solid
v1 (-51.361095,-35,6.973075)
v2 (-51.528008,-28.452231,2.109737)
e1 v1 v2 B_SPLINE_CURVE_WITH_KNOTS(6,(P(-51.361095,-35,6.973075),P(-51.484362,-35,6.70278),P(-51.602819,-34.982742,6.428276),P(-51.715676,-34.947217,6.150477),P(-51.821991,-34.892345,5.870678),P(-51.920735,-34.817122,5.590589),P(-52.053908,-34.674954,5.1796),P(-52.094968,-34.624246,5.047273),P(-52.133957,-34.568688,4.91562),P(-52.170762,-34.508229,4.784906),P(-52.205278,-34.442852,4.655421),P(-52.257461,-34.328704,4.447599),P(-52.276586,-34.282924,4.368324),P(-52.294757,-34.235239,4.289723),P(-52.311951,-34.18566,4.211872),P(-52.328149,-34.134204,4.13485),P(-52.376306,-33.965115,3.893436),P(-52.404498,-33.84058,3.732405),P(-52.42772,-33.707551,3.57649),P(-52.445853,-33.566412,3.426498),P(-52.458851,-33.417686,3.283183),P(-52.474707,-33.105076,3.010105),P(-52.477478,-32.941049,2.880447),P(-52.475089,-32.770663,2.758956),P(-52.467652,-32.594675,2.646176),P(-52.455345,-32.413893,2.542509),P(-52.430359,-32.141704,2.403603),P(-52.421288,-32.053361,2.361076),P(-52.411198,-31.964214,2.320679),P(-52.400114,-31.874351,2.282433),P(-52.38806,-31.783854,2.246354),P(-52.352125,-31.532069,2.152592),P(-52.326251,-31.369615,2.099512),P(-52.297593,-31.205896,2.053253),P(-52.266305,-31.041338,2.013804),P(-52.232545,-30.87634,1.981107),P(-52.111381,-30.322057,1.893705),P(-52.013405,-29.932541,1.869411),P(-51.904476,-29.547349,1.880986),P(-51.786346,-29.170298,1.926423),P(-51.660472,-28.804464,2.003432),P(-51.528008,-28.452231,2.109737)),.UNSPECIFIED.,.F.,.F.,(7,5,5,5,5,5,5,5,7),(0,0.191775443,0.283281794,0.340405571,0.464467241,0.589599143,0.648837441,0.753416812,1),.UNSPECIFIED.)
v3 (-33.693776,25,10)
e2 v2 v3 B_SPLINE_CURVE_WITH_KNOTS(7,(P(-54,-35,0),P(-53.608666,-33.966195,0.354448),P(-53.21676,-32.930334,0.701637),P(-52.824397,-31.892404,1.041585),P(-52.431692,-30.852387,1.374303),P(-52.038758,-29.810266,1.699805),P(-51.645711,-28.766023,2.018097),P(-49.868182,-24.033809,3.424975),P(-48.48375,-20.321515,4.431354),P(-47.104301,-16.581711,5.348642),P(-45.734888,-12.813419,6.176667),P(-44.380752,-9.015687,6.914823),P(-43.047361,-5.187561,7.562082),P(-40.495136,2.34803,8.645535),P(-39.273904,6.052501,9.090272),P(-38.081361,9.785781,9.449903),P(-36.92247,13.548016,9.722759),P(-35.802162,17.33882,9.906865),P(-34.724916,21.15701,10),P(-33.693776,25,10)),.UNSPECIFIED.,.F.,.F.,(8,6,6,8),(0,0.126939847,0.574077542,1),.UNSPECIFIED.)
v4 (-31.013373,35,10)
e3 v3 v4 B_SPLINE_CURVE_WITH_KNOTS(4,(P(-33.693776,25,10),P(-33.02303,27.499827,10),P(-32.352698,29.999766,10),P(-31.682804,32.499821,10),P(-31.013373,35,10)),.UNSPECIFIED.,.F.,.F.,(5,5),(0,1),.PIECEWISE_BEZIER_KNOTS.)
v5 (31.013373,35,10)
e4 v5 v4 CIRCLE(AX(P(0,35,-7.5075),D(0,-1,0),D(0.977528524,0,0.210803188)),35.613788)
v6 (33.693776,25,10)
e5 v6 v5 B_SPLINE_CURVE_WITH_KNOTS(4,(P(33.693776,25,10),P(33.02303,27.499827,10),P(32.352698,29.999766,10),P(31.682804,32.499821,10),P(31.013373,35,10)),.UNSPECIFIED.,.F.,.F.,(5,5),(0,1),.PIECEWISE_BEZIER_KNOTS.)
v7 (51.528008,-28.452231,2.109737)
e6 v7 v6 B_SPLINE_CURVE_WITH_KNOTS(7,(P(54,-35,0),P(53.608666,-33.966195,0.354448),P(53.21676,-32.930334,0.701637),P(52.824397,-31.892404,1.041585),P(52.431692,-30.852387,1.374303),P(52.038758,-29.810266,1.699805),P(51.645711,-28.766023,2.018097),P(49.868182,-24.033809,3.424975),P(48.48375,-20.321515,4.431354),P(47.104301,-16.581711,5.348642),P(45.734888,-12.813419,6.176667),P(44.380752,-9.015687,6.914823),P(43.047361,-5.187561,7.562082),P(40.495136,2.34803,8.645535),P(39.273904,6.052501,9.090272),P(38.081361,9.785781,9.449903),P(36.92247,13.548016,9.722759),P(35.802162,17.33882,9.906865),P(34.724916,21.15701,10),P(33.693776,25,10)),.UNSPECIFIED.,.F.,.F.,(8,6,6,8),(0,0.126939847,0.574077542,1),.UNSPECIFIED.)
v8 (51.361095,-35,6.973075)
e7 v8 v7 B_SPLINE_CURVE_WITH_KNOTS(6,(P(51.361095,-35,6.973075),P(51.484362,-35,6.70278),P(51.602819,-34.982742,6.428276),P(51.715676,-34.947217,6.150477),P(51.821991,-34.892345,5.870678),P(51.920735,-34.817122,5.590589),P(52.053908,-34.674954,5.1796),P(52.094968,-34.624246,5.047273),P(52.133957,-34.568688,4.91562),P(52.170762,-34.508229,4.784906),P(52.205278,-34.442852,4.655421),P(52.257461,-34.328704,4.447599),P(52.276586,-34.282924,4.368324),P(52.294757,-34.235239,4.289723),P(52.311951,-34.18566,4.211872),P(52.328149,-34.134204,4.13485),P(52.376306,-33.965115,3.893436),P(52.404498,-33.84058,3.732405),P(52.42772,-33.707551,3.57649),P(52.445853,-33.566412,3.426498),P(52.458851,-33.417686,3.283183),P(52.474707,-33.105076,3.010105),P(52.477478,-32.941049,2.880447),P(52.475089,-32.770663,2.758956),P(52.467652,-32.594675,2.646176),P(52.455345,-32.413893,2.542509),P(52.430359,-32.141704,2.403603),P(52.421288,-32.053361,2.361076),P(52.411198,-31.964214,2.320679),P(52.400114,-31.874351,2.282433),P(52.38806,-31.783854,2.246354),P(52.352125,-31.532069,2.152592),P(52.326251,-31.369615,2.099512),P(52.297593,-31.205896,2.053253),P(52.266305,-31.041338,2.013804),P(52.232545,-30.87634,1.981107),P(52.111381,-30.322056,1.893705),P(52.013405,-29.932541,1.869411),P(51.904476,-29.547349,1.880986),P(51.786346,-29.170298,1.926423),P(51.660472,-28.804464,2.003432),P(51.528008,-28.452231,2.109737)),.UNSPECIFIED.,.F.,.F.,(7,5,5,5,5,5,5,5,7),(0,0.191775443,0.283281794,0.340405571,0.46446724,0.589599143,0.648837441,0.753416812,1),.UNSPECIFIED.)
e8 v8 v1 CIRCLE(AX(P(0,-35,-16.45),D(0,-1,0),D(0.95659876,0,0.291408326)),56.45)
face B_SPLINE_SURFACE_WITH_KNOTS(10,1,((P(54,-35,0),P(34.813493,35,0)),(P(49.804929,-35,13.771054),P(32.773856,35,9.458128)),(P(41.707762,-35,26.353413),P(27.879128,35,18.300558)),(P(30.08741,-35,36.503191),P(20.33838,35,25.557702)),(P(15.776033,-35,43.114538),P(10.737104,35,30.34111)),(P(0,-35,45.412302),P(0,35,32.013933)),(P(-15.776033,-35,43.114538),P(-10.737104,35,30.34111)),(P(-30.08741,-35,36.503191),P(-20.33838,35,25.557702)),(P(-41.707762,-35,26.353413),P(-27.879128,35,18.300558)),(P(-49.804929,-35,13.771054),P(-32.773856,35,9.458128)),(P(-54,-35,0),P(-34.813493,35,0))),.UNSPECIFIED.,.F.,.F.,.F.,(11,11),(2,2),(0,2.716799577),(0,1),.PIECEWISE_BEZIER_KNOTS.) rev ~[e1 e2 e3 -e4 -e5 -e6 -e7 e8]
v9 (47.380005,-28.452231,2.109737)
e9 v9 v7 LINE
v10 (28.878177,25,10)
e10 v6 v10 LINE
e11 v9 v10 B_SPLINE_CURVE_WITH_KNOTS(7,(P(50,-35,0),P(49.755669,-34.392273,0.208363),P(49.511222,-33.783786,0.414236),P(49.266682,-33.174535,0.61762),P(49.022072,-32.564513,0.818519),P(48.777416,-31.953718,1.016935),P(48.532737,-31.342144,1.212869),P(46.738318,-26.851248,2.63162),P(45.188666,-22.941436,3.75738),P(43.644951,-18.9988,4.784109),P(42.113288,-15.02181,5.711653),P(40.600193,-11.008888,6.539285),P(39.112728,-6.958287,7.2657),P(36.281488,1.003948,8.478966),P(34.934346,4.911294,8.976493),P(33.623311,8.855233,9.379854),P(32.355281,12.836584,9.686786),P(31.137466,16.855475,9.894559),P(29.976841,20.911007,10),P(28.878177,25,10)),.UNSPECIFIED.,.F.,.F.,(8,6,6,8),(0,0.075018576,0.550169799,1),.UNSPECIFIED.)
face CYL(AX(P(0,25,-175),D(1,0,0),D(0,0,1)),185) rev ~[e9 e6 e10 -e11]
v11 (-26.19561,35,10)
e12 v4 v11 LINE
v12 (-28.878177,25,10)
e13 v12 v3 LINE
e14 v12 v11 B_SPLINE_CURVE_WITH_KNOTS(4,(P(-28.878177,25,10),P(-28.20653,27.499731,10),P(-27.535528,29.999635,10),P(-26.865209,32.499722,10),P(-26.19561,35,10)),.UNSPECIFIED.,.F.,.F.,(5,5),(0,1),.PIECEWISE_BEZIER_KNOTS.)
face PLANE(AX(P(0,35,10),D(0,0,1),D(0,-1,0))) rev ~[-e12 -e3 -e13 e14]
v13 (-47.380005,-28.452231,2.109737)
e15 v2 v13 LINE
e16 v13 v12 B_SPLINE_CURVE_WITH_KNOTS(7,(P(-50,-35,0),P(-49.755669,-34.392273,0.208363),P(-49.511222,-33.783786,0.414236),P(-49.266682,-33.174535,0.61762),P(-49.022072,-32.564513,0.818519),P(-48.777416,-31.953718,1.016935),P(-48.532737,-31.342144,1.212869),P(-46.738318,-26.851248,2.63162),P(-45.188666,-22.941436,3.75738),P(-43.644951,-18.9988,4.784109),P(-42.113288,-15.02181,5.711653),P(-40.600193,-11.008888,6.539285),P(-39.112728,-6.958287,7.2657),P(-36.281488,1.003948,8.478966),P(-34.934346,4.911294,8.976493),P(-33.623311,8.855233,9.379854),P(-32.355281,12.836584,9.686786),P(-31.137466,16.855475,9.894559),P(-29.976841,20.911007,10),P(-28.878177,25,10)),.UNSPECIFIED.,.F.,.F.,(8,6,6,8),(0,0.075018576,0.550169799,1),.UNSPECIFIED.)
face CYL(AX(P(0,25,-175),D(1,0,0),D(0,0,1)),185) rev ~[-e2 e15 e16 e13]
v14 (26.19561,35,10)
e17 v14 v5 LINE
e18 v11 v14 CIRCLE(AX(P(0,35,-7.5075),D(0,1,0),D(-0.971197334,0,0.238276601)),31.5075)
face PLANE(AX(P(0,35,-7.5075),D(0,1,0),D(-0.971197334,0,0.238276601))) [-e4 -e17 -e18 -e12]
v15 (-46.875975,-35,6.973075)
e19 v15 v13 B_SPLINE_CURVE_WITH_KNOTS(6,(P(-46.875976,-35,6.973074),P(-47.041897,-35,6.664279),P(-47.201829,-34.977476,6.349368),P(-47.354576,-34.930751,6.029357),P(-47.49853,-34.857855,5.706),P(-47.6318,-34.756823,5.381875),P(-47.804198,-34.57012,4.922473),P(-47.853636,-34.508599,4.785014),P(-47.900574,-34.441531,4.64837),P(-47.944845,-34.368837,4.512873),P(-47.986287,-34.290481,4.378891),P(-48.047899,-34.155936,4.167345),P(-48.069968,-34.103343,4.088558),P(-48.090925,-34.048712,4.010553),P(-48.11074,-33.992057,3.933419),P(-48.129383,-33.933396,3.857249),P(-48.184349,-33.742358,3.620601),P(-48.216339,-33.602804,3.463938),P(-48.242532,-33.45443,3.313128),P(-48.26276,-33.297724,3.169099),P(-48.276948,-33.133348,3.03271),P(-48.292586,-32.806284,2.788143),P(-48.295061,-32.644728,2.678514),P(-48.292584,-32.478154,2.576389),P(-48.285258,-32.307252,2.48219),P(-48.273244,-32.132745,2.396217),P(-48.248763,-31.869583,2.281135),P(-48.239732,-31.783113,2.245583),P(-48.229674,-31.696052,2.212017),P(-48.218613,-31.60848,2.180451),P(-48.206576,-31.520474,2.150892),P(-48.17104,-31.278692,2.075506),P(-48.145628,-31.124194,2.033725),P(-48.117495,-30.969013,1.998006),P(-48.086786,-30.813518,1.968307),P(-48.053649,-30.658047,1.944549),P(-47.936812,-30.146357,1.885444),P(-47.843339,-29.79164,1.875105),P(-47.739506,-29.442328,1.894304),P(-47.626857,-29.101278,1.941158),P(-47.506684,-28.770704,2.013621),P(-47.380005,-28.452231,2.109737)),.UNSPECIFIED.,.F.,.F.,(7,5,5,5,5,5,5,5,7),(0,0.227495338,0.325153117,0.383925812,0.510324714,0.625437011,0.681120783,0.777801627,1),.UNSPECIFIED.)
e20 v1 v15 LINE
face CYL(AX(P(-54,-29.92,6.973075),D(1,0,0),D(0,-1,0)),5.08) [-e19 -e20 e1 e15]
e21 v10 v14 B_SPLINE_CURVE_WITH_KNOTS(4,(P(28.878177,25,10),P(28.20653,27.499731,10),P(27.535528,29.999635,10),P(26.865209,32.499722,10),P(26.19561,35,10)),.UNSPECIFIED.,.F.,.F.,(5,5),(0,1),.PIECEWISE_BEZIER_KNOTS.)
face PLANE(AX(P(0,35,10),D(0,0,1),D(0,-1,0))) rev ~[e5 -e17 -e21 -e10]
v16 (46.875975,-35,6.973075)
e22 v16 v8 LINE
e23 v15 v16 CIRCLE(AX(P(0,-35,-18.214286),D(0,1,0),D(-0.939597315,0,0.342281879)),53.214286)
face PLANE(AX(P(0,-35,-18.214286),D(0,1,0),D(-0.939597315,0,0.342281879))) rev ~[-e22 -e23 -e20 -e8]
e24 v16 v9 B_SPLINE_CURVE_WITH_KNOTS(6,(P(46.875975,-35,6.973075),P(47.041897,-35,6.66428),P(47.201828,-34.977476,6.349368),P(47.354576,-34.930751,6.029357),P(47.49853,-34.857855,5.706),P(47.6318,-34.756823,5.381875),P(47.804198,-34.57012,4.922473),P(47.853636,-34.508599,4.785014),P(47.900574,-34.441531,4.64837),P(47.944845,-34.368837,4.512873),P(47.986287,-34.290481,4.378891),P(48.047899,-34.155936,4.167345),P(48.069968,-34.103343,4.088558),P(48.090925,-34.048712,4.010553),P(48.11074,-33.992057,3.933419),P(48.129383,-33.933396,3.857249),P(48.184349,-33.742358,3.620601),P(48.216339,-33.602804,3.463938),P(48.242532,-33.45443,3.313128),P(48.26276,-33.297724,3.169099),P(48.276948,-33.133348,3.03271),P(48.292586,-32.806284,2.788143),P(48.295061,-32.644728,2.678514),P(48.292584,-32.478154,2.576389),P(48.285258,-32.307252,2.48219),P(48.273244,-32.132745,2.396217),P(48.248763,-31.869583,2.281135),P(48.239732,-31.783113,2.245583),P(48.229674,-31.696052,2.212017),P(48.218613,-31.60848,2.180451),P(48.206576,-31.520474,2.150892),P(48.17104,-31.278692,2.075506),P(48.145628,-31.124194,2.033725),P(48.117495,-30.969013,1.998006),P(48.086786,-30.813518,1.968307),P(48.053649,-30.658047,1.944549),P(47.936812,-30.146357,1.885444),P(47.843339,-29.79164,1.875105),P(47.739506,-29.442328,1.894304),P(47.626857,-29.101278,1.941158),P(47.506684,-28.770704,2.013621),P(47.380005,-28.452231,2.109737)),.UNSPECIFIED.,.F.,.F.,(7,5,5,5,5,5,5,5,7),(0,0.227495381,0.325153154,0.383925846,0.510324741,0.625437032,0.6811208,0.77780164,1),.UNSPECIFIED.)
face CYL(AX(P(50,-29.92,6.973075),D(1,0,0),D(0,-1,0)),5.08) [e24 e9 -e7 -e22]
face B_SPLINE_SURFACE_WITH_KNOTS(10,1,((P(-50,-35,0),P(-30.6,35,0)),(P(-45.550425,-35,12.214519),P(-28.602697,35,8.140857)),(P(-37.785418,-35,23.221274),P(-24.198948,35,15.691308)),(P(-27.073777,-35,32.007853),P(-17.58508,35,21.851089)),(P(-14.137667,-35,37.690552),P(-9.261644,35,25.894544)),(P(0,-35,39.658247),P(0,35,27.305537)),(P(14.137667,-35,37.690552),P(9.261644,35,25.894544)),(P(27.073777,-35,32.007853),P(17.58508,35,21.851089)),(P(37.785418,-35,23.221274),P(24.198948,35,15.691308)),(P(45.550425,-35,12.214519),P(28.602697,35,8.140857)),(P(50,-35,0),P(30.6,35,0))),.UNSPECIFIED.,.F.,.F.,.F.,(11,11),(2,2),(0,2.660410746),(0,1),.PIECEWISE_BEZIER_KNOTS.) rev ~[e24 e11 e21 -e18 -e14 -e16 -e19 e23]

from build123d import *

# Parameters (mm, degrees)
F6_DEPTH = 60
F7_R     = 5.08


with BuildPart() as f4:
    # F1 (on offset) → F4 section 0
    with BuildSketch(Plane.XZ.offset(35)):
        with BuildLine():
            Line((-54, 0), (-50, 0))
            ThreePointArc((-50, 0), (0, 35), (50, 0))
            Line((50, 0), (54, 0))
            ThreePointArc((54, 0), (0, 40), (-54, 0))
        make_face()
    # F3 (on offset) → F4 section 1
    with BuildSketch(Plane.XZ.offset(-35)):
        with BuildLine():
            ThreePointArc((-30.6, 0), (0, 24), (30.6, 0))
            Line((30.6, 0), (34.8134934902, 0))
            ThreePointArc((34.8134934902, 0), (0, 28.1062878531), (-34.8134934902, 0))
            Line((-34.8134934902, 0), (-30.6, 0))
        make_face()
    loft()

    # F5 (on Right) → F6 (cut, symmetric)
    with BuildSketch(Plane.YZ):
        with BuildLine():
            Line((-35, 0), (35, 0))
            Line((35, 0), (35, 10))
            Line((35, 10), (25, 10))
            ThreePointArc((25, 10), (-5.4138126515, 7.4828759089), (-35, 0))
        make_face()
    extrude(amount=F6_DEPTH, both=True, mode=Mode.SUBTRACT)

    # F7
    f7_edges = [f4.edges().sort_by_distance(p)[0] for p in [
        (52, -35, 0),
        (-52, -35, 0),
    ]]
    fillet(f7_edges, radius=F7_R)


solid = f4.part
